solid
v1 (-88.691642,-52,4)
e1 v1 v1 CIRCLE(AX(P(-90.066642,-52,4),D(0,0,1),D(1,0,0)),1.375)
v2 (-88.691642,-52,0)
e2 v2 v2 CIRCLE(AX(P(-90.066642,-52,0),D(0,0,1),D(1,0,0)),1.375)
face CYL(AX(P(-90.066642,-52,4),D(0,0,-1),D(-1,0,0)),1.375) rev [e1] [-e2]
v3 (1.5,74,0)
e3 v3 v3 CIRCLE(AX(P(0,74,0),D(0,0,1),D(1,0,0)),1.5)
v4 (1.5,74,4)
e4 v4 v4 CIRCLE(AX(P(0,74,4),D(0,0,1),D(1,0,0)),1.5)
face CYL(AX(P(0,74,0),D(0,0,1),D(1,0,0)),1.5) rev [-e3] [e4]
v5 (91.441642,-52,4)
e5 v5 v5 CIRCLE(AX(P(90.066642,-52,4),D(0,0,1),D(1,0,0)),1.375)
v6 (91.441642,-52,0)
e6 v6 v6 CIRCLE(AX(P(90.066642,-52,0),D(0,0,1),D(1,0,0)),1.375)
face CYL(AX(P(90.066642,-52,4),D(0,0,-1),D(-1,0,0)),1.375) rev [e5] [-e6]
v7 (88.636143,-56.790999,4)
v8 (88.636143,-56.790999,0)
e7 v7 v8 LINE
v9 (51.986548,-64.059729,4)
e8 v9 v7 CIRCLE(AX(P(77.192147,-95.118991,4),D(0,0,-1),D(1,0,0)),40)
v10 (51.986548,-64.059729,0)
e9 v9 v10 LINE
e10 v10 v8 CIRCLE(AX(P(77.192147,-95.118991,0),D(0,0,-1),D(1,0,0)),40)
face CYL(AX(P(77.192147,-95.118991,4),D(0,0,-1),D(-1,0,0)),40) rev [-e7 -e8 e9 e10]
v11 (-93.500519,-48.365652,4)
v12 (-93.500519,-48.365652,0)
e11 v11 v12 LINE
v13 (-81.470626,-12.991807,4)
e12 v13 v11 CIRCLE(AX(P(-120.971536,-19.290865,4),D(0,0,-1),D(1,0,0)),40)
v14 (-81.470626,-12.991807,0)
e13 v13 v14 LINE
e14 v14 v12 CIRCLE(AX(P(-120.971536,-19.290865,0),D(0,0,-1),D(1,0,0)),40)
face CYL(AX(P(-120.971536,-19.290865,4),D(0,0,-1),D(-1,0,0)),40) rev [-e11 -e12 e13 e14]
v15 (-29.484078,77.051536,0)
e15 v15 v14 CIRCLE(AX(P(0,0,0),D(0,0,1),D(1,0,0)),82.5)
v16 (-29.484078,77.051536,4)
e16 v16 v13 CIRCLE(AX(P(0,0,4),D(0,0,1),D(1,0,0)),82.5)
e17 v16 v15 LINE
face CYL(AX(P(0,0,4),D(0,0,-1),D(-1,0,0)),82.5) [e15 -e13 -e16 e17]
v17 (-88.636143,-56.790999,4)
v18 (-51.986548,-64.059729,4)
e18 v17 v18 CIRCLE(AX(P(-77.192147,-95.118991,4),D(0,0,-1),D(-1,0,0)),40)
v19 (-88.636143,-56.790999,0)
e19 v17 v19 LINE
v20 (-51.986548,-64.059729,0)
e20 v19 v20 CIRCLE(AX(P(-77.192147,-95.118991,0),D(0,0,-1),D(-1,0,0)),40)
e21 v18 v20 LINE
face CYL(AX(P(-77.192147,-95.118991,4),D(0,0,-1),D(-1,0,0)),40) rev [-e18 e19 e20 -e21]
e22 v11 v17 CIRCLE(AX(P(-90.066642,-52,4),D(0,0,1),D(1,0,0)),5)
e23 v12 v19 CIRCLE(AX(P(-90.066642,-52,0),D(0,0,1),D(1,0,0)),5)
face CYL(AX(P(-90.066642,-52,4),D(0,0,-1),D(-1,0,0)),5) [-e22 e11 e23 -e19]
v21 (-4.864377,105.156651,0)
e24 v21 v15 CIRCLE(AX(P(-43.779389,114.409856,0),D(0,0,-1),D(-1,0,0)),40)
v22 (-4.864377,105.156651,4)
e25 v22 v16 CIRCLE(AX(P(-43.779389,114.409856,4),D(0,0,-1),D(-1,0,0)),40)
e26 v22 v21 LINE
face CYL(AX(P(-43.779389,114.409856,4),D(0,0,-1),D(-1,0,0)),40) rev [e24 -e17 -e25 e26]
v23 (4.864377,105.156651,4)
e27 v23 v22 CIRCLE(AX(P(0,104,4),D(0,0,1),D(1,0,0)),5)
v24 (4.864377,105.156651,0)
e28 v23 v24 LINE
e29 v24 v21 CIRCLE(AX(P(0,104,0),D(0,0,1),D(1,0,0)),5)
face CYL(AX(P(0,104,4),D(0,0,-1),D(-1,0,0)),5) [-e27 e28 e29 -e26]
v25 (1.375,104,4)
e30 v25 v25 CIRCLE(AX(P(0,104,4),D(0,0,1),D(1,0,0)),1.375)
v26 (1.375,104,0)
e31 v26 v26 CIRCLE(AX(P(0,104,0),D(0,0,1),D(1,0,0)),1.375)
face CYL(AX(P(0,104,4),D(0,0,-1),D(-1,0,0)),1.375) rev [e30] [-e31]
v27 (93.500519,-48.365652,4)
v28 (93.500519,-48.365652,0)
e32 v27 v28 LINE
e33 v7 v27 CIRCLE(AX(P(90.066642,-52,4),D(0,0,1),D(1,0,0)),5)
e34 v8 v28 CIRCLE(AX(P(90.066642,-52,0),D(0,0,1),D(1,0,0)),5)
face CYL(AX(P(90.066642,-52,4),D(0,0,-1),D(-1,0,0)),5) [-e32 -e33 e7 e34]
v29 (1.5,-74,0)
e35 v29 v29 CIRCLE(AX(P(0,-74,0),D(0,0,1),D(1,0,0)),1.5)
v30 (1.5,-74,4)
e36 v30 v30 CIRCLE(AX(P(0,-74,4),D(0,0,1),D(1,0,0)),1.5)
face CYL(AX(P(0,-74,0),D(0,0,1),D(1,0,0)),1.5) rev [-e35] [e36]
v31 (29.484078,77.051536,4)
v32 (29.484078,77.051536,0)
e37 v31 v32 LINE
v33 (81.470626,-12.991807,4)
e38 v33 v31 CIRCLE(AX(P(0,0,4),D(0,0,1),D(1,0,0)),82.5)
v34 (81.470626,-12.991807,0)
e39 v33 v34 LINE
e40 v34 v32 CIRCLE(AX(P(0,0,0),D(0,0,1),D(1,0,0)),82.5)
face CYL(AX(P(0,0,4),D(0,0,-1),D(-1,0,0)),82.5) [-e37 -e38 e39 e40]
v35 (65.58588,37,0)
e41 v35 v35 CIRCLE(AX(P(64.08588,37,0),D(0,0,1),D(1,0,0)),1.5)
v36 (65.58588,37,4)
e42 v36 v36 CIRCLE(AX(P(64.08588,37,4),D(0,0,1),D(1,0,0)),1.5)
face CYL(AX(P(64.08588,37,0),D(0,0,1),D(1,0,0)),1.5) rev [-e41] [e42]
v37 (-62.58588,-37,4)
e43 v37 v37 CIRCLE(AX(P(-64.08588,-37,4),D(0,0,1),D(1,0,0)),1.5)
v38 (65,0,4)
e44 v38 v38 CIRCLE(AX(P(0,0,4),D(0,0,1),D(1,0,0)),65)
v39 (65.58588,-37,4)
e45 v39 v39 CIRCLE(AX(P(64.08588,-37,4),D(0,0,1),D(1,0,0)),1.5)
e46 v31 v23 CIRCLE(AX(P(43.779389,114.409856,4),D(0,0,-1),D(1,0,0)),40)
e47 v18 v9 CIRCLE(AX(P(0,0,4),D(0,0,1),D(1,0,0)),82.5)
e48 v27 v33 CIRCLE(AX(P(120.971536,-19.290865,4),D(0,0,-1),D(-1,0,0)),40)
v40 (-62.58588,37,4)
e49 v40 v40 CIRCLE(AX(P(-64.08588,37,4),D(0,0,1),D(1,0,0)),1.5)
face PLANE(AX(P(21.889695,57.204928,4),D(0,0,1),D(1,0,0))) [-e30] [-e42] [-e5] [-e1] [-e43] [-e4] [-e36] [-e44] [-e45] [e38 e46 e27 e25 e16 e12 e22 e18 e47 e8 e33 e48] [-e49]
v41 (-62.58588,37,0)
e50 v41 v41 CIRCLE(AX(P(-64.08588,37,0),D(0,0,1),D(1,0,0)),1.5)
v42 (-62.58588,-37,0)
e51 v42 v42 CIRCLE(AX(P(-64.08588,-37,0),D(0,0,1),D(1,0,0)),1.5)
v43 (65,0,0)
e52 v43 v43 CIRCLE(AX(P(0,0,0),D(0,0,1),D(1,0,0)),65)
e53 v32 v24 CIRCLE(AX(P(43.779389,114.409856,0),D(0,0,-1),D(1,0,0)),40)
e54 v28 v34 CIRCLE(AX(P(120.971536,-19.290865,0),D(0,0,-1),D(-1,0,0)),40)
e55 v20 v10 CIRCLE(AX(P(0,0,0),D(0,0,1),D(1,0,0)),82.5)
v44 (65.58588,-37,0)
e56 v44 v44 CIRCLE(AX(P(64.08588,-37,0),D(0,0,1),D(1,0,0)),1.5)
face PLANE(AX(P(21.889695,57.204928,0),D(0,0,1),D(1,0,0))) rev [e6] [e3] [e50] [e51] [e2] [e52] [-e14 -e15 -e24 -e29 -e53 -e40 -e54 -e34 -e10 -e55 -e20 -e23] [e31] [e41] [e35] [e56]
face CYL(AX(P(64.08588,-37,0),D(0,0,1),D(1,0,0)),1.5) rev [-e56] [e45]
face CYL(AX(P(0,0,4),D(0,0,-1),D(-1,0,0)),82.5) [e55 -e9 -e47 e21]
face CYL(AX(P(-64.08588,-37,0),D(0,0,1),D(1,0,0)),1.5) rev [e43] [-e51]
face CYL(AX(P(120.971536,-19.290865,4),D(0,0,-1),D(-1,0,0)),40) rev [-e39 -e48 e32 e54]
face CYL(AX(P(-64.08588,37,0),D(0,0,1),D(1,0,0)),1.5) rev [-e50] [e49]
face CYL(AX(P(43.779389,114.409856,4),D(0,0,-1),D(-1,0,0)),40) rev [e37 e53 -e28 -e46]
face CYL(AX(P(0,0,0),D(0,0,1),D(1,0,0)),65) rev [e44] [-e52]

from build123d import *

# Parameters (mm, degrees)
SKETCH1_R           = 1.375
BOSS_EXTRUDE1_DEPTH = 4
SKETCH3_R           = 1.5
SKETCH3_R_2         = 65
CUT_EXTRUDE1_DEPTH  = 145.688169592


with BuildPart() as part:
    # Sketch1 → Boss-Extrude1 (new body)
    with BuildSketch(Plane.XY):
        with BuildLine():
            ThreePointArc((-29.484078319, 77.051535518), (-71.447095812, 41.25), (-81.470626319, -12.991806928))
            ThreePointArc((-81.470626319, -12.991806928), (-83.101535217, -32.169647267), (-93.500519111, -48.365651648))
            ThreePointArc((-93.500519111, -48.365651648), (-94.396769013, -54.5), (-88.636142553, -56.790998993))
            ThreePointArc((-88.636142553, -56.790998993), (-69.410499373, -55.883216958), (-51.986548, -64.05972859))
            ThreePointArc((-51.986548, -64.05972859), (0, -82.5), (51.986548, -64.05972859))
            ThreePointArc((51.986548, -64.05972859), (69.410499373, -55.883216958), (88.636142553, -56.790998993))
            ThreePointArc((88.636142553, -56.790998993), (94.396769013, -54.5), (93.500519111, -48.365651648))
            ThreePointArc((93.500519111, -48.365651648), (83.101535217, -32.169647267), (81.470626319, -12.991806928))
            ThreePointArc((81.470626319, -12.991806928), (71.447095812, 41.25), (29.484078319, 77.051535518))
            ThreePointArc((29.484078319, 77.051535518), (13.691035844, 88.052864225), (4.864376558, 105.156650641))
            ThreePointArc((4.864376558, 105.156650641), (0, 109), (-4.864376558, 105.156650641))
            ThreePointArc((-4.864376558, 105.156650641), (-13.691035844, 88.052864225), (-29.484078319, 77.051535518))
        make_face()
        with Locations((0, 104)):
            Circle(SKETCH1_R, mode=Mode.SUBTRACT)
        with Locations((90.066641994, -52)):
            Circle(SKETCH1_R, mode=Mode.SUBTRACT)
        with Locations((-90.066641994, -52)):
            Circle(SKETCH1_R, mode=Mode.SUBTRACT)
    extrude(amount=BOSS_EXTRUDE1_DEPTH)

    # Sketch3 → Cut-Extrude1 (cut, through all)
    with BuildSketch(Plane.XY.offset(4)):
        with Locations((0, 74)):
            Circle(SKETCH3_R)
        with Locations((-64.08587988, -37)):
            Circle(SKETCH3_R)
        with Locations((64.08587988, -37)):
            Circle(SKETCH3_R)
        with Locations((-64.08587988, 37)):
            Circle(SKETCH3_R)
        with Locations((64.08587988, 37)):
            Circle(SKETCH3_R)
        with Locations((0, -74)):
            Circle(SKETCH3_R)
        Circle(SKETCH3_R_2)
    extrude(amount=-CUT_EXTRUDE1_DEPTH, mode=Mode.SUBTRACT)


solid = part.part
